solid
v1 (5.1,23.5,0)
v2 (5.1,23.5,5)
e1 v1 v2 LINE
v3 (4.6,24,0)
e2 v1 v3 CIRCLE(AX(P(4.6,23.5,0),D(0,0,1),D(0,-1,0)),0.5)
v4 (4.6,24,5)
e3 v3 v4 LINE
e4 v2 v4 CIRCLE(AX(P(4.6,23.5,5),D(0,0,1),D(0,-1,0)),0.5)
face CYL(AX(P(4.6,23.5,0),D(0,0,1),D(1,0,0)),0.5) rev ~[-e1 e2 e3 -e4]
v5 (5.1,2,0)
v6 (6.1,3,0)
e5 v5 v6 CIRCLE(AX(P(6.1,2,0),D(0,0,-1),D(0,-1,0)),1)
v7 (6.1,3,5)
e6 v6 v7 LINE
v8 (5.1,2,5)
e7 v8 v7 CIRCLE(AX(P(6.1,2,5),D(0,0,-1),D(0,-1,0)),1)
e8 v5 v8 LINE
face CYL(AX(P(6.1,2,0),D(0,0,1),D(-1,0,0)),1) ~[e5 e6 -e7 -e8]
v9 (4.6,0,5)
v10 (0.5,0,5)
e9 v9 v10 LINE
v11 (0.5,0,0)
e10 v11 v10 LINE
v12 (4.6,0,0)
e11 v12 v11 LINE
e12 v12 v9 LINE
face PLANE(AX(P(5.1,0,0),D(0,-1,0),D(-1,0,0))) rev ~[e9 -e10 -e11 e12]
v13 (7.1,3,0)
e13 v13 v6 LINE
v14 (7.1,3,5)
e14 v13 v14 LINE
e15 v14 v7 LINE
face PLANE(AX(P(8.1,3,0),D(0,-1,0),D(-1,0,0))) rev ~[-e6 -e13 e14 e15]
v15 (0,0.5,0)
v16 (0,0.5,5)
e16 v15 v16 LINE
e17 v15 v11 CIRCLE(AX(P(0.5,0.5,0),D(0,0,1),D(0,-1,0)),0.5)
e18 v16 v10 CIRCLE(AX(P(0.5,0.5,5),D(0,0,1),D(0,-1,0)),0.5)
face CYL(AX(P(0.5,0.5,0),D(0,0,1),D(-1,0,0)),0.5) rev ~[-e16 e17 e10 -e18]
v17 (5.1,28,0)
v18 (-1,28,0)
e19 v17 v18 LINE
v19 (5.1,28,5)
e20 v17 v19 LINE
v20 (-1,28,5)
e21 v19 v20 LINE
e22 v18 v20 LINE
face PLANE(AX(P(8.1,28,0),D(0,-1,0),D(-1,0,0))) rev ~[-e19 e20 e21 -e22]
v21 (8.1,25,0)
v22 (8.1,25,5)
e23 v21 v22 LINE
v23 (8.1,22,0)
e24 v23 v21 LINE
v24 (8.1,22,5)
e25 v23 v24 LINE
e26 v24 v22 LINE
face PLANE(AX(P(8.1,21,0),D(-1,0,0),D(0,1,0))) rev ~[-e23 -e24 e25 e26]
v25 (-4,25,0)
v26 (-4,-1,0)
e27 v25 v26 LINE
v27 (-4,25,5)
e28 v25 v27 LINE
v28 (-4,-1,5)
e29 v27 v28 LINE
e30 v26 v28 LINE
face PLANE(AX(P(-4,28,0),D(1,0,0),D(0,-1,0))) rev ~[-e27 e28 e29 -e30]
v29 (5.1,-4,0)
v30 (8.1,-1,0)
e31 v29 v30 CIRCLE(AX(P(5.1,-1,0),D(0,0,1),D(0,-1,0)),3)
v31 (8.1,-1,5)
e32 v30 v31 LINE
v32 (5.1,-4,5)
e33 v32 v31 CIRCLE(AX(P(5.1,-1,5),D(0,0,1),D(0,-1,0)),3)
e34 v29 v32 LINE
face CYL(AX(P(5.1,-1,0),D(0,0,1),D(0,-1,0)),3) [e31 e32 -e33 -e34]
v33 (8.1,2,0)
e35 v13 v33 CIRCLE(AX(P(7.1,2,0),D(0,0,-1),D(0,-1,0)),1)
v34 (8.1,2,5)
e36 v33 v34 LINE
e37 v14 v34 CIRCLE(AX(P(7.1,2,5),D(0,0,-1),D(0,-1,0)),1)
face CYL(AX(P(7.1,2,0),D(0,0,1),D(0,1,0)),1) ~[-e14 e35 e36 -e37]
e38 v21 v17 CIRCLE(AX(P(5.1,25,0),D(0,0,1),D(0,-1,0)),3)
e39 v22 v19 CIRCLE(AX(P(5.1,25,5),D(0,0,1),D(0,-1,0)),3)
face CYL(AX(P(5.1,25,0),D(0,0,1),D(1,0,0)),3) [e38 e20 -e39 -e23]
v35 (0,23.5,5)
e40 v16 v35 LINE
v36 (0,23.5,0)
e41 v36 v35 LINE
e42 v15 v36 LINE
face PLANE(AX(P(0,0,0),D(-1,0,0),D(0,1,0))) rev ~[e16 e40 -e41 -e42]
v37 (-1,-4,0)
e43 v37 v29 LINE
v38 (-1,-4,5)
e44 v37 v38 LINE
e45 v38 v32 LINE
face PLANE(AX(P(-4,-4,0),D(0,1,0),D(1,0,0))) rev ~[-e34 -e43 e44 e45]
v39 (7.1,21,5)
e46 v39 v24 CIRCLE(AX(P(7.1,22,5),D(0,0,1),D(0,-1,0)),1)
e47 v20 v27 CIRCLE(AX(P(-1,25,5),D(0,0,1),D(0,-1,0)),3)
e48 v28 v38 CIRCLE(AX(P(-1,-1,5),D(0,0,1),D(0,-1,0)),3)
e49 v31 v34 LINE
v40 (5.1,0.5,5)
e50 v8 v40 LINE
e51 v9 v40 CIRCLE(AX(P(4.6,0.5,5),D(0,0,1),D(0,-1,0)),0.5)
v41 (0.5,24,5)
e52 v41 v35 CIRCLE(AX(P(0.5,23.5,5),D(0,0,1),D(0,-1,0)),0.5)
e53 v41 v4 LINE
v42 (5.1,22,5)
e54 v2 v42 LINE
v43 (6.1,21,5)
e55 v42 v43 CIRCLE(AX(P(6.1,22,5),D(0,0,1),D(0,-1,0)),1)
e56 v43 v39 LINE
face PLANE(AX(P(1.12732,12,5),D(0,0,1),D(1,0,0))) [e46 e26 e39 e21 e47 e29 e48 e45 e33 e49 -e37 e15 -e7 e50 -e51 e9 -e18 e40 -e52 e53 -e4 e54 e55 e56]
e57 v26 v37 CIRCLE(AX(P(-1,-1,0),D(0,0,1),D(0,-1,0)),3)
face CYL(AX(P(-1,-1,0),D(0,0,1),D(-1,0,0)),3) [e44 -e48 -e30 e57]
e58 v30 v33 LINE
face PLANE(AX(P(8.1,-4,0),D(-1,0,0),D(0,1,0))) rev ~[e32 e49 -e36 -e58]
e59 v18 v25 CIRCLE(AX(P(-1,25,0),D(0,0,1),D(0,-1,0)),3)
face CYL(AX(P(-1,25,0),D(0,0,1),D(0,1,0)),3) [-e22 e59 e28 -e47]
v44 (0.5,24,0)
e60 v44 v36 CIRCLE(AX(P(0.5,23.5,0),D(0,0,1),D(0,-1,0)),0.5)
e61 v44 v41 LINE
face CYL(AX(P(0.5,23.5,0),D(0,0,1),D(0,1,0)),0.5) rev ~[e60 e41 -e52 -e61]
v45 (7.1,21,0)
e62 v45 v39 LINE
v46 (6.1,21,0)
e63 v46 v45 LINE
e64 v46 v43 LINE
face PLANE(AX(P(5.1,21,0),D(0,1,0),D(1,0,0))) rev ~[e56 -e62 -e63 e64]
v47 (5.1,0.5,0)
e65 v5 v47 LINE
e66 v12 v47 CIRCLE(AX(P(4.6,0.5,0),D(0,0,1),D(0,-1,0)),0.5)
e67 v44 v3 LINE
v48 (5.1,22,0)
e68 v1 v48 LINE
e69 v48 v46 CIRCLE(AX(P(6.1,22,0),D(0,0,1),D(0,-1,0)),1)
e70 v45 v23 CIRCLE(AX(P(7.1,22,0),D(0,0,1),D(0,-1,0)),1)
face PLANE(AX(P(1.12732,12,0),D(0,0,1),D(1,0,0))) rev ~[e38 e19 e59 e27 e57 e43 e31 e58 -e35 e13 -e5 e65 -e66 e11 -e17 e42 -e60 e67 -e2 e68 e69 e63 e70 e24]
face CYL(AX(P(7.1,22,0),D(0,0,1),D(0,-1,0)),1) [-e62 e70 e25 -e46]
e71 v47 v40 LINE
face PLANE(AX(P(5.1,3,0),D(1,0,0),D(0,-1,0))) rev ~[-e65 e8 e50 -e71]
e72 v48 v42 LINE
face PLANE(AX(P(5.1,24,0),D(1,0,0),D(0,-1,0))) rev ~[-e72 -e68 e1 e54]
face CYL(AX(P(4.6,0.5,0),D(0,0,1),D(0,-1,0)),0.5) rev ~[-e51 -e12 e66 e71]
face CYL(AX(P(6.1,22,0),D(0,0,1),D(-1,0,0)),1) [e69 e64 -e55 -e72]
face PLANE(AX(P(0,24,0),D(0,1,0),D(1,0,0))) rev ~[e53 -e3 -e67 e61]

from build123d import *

# Parameters (mm, degrees)
F1_DEPTH = 5
F2_R     = 3
F3_R     = 0.5
F4_R     = 1


with BuildPart() as f1:
    # F0 (on Top) → F1 (new body)
    with BuildSketch(Plane.XY):
        Polygon((5.1, 0), (0, 0), (0, 24), (5.1, 24), (5.1, 21), (8.1, 21), (8.1, 28), (-4, 28), (-4, -4), (8.1, -4), (8.1, 3), (5.1, 3), align=None)
    extrude(amount=F1_DEPTH)

    # F2
    f2_edges = [f1.edges().sort_by_distance(p)[0] for p in [
        (-4, 28, 2.5),
        (-4, -4, 2.5),
        (8.1, -4, 2.5),
        (8.1, 28, 2.5),
    ]]
    fillet(f2_edges, radius=F2_R)

    # F3
    f3_edges = [f1.edges().sort_by_distance(p)[0] for p in [
        (0, 24, 2.5),
        (5.1, 24, 2.5),
        (0, 0, 2.5),
        (5.1, 0, 2.5),
    ]]
    fillet(f3_edges, radius=F3_R)

    # F4
    f4_edges = [f1.edges().sort_by_distance(p)[0] for p in [
        (5.1, 21, 2.5),
        (5.1, 3, 2.5),
        (8.1, 21, 2.5),
        (8.1, 3, 2.5),
    ]]
    fillet(f4_edges, radius=F4_R)


solid = f1.part
